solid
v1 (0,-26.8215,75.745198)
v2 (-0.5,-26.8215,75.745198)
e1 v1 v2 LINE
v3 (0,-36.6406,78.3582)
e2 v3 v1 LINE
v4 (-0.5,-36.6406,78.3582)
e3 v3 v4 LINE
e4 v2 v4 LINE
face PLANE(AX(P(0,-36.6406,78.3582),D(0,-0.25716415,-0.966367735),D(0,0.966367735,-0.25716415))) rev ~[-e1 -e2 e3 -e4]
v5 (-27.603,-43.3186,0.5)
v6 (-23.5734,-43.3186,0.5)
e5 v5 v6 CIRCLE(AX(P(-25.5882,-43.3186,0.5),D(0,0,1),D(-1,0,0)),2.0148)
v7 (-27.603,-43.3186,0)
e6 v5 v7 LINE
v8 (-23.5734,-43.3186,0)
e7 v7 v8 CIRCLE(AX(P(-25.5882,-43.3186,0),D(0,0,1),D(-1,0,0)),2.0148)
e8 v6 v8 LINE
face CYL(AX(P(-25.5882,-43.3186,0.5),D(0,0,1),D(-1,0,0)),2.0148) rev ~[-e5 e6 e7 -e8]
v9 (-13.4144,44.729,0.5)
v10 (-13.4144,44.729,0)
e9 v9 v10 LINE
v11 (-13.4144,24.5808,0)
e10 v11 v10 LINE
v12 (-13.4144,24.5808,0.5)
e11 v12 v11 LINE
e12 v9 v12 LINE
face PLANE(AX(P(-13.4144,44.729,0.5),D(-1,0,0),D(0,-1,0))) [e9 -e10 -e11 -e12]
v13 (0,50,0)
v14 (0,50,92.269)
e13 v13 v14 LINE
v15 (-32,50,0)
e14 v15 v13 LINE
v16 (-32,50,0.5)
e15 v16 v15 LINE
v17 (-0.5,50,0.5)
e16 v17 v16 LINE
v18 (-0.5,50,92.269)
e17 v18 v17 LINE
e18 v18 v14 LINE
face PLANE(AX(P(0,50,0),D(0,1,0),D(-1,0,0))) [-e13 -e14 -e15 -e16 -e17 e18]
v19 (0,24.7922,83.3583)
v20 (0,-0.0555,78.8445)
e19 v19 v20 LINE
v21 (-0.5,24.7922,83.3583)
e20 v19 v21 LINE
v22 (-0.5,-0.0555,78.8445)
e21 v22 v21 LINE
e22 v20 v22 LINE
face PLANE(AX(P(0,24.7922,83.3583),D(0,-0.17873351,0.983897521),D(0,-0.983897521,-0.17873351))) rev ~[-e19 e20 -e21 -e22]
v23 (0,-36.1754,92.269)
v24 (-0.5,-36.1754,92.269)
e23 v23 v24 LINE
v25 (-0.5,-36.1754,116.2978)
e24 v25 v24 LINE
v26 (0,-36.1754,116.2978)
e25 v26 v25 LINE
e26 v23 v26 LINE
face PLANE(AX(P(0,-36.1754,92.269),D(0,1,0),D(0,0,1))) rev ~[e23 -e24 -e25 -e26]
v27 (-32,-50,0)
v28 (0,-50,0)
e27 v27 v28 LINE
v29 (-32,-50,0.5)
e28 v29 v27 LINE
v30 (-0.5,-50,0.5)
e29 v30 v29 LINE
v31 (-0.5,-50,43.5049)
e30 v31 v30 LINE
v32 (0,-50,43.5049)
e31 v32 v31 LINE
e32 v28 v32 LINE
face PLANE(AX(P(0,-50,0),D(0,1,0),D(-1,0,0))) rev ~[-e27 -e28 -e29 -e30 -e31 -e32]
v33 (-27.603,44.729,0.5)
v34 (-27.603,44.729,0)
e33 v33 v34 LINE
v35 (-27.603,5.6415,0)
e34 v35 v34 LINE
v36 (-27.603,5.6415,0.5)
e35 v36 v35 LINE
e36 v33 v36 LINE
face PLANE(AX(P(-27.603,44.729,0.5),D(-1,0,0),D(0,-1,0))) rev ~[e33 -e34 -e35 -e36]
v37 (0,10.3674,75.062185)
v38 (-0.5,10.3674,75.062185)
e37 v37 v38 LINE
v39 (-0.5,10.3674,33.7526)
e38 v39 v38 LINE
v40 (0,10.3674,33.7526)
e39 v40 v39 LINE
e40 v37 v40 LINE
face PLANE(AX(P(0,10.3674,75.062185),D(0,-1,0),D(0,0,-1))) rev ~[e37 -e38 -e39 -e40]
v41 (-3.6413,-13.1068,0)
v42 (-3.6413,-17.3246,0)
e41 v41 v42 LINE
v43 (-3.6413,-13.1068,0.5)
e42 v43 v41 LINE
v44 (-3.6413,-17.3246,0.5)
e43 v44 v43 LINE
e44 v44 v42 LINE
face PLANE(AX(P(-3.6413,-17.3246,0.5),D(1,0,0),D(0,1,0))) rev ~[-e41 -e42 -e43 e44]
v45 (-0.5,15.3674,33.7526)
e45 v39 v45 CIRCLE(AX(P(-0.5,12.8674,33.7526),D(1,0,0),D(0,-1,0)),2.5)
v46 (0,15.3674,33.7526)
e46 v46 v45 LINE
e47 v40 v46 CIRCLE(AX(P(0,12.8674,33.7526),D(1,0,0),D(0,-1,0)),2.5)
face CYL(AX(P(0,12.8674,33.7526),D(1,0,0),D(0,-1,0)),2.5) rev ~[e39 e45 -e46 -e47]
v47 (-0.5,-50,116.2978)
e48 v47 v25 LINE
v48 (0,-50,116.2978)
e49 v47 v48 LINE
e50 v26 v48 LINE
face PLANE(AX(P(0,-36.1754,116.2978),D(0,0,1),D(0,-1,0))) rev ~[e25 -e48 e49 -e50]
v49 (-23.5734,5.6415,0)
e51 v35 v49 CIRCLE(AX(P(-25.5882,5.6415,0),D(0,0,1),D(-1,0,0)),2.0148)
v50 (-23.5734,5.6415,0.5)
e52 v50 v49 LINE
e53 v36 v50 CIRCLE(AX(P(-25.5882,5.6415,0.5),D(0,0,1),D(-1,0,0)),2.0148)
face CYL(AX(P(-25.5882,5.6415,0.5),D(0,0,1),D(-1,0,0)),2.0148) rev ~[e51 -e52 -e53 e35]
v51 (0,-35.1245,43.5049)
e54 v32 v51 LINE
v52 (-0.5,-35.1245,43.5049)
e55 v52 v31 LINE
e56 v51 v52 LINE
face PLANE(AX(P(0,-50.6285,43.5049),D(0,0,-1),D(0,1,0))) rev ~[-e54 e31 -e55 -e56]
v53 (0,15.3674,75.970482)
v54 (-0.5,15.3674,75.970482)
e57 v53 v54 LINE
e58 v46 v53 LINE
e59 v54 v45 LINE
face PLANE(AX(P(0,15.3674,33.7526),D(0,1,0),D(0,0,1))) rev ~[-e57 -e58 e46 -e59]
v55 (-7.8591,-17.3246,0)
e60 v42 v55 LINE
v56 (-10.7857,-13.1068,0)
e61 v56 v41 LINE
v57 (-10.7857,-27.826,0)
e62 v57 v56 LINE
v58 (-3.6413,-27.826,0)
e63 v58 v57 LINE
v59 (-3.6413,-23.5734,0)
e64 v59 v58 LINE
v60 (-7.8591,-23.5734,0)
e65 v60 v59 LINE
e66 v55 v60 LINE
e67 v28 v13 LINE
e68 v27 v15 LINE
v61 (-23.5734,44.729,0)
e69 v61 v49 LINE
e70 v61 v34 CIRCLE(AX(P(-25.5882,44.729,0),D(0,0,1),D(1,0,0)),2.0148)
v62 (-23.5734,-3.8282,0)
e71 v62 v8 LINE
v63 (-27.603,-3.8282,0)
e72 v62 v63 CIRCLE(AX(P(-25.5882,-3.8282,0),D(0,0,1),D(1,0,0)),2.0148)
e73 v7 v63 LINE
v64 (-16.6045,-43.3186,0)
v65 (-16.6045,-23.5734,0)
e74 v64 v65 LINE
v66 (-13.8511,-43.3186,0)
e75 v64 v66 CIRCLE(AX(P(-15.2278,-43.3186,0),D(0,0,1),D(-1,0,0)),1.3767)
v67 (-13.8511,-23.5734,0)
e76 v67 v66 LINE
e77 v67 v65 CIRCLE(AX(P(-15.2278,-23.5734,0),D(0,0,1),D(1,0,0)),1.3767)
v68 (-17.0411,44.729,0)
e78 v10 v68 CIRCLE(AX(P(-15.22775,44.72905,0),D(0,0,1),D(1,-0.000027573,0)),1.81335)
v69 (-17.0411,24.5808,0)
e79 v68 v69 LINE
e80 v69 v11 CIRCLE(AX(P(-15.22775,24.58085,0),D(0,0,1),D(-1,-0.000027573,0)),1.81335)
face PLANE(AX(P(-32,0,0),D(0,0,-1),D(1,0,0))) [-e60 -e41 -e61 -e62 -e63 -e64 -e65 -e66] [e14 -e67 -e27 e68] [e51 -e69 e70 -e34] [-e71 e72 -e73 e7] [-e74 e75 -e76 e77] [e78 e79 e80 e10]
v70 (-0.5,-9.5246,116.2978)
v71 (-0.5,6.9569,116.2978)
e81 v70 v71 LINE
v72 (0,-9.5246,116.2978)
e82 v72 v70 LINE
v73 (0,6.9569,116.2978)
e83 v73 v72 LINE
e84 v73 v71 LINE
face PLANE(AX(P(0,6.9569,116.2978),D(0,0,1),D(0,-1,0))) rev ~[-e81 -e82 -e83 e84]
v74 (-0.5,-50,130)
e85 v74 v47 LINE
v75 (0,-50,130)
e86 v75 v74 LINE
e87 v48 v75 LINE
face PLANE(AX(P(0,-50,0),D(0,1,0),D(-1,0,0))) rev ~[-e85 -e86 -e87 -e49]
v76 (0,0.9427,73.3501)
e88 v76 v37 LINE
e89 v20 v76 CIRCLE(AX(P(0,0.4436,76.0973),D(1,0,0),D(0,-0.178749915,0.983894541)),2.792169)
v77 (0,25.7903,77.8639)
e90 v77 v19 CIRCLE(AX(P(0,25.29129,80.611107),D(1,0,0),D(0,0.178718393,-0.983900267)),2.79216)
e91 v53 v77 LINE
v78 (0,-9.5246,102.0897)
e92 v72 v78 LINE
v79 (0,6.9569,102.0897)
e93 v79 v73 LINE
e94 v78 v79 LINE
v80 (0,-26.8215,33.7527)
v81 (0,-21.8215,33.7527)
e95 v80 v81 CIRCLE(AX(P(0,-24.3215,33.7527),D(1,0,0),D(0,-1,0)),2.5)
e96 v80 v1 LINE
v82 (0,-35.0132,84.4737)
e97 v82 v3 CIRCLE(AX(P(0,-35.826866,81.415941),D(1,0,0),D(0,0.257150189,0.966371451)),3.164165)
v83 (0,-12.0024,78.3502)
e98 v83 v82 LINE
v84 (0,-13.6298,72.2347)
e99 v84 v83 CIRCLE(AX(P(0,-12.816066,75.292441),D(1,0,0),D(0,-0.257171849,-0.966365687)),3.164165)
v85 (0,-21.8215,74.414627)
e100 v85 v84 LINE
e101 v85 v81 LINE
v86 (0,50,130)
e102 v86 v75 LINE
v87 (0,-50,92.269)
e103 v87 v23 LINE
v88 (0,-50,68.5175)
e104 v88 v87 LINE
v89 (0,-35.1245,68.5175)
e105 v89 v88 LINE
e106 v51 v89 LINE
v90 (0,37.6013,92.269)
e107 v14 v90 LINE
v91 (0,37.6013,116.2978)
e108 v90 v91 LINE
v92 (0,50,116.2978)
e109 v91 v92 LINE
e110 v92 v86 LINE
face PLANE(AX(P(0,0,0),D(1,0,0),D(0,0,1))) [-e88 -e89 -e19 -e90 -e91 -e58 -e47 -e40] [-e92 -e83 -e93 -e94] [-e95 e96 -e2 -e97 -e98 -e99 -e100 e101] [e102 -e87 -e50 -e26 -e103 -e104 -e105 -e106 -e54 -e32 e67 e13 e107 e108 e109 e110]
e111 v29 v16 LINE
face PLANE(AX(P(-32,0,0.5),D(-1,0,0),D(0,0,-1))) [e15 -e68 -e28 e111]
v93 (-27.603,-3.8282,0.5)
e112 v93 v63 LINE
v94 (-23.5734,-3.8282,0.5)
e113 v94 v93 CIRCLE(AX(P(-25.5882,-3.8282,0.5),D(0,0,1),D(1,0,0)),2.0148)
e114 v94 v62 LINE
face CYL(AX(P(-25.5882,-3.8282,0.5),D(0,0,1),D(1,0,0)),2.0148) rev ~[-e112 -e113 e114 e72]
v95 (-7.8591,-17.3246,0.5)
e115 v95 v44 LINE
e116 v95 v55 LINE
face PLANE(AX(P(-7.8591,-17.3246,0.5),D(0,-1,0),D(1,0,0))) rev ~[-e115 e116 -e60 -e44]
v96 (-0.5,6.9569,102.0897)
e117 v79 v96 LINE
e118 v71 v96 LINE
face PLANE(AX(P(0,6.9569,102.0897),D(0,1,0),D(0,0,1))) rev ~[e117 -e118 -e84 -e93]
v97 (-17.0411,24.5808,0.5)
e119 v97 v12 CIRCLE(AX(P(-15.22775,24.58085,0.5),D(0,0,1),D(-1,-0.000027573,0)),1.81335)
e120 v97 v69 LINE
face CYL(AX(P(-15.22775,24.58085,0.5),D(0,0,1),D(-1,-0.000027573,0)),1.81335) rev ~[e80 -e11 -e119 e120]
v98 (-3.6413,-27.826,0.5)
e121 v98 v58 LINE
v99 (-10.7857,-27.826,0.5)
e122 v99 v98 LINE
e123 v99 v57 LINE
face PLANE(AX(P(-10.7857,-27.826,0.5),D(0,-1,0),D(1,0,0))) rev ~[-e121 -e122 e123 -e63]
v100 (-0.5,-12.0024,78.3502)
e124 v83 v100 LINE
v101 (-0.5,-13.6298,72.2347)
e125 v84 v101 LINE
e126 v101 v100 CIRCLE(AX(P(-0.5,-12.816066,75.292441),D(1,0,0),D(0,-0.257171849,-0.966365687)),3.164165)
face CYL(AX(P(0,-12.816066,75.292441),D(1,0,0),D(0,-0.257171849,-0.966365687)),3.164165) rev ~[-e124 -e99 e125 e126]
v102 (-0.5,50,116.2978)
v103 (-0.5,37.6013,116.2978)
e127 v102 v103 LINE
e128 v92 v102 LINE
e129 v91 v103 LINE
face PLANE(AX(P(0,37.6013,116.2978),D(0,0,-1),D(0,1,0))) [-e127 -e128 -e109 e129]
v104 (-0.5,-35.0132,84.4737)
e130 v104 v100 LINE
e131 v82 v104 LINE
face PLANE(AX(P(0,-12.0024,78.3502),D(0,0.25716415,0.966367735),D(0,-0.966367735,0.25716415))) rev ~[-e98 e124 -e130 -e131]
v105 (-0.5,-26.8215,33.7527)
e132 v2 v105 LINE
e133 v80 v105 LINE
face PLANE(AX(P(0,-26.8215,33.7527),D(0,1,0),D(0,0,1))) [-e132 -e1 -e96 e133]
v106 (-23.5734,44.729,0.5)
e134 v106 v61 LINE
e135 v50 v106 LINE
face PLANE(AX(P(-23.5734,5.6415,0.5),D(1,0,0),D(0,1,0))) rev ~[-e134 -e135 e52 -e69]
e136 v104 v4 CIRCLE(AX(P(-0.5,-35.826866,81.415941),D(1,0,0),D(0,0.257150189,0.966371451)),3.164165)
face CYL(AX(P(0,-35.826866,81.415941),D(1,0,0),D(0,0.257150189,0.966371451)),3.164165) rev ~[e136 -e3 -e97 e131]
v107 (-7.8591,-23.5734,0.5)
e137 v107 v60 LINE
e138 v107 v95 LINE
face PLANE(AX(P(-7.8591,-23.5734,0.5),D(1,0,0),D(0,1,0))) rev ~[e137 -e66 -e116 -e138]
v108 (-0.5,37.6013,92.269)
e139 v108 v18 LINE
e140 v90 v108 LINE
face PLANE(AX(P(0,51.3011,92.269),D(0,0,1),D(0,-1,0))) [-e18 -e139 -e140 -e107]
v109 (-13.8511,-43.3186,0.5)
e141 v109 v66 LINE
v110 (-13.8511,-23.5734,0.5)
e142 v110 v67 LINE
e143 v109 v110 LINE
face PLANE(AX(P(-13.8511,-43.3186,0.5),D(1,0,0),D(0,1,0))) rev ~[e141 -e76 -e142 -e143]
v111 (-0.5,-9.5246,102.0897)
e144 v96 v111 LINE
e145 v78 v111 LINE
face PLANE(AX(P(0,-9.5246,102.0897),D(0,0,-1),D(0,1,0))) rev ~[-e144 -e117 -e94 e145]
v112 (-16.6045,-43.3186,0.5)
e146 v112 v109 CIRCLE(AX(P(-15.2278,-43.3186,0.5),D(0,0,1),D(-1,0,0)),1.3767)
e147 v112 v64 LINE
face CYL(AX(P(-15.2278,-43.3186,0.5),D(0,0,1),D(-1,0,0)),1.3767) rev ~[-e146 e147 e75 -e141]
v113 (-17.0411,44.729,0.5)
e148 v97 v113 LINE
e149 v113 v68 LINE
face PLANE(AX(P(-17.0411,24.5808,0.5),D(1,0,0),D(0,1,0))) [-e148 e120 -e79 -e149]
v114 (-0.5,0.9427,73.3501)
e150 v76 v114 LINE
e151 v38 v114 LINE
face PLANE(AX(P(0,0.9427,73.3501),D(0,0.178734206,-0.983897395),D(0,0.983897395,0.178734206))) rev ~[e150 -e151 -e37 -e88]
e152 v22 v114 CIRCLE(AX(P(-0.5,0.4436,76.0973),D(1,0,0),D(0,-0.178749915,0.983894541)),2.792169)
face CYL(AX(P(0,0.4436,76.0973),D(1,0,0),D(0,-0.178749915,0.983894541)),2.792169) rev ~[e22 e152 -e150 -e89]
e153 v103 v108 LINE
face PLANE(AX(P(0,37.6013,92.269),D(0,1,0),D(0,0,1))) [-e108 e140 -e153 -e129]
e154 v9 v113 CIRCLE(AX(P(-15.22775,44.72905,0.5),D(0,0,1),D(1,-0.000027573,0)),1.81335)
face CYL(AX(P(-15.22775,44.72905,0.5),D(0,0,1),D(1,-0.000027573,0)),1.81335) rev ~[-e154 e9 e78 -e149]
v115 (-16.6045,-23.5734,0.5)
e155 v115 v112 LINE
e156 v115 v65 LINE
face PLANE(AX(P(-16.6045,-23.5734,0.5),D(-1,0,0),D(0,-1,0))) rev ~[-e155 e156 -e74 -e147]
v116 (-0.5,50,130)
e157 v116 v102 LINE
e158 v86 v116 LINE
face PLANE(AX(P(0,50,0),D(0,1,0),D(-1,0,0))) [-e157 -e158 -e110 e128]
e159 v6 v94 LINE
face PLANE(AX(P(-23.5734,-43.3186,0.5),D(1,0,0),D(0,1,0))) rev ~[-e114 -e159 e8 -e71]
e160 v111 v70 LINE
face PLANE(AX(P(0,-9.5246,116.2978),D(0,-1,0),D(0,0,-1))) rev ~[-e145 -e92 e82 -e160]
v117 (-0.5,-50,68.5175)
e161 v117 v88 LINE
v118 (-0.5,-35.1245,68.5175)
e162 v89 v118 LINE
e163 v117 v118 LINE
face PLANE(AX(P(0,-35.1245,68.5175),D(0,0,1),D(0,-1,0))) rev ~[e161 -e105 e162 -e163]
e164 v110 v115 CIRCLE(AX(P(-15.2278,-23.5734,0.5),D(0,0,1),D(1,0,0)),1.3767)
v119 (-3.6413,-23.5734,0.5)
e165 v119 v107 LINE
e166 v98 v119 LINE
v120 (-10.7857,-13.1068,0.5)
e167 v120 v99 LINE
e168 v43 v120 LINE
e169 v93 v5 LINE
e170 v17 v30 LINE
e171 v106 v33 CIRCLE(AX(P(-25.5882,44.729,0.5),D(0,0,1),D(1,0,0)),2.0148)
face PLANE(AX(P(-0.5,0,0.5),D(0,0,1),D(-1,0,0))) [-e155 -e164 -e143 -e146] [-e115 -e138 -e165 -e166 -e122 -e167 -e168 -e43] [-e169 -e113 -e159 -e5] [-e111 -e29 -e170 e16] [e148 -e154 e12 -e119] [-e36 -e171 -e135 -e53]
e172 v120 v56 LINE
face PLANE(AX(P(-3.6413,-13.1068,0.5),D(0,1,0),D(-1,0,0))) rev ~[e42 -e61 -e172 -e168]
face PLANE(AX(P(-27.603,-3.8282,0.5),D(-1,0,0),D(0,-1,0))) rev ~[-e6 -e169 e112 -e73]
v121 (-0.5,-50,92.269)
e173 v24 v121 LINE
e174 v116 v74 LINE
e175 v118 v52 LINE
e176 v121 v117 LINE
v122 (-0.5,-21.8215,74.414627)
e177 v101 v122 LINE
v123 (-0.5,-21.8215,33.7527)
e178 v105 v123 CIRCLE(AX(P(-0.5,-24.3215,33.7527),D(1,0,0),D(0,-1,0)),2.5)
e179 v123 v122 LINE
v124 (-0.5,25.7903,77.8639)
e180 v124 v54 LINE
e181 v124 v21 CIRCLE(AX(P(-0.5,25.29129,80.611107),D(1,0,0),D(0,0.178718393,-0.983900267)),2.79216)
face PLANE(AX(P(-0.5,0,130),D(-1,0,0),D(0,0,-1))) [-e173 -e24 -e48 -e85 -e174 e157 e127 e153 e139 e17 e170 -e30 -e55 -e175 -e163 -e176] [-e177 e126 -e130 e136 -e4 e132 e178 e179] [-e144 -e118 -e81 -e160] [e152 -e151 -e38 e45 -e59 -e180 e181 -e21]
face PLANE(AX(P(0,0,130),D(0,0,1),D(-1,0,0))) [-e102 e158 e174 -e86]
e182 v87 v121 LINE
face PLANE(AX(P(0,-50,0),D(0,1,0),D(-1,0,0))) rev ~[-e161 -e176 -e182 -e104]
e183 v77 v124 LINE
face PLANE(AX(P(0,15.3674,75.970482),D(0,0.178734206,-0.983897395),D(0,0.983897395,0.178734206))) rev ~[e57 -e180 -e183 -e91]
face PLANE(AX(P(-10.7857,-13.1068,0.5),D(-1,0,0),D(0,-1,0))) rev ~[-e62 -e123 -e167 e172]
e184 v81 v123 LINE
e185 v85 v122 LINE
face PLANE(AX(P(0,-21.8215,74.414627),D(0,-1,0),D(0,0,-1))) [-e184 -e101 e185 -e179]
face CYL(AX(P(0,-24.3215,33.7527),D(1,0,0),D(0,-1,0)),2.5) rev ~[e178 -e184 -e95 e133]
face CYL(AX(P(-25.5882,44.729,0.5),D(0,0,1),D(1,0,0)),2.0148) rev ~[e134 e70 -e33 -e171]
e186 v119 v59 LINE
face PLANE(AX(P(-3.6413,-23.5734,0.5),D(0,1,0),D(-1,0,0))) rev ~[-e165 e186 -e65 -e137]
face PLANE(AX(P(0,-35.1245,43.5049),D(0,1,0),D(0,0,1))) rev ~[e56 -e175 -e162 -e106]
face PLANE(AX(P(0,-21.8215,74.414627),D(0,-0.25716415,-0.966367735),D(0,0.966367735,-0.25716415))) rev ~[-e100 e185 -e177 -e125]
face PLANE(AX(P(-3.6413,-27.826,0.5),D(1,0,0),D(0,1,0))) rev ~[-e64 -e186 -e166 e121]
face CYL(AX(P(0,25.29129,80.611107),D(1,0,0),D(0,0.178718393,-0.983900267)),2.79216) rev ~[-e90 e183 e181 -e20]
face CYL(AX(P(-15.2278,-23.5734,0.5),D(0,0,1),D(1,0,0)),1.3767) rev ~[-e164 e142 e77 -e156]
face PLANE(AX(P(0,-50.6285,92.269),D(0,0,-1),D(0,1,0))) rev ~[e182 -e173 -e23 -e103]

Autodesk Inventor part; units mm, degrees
ref_plane "YZ Plane" through (0, 0, 0) normal (1, 0, 0) x (0, 1, 0)
ref_plane "XZ Plane" through (0, 0, 0) normal (0, 1, 0) x (-1, 0, 0)
ref_plane "XY Plane" through (0, 0, 0) normal (0, 0, 1) x (1, 0, 0)
sketch "Sketch1" plane through (0, 0, 0) normal (0, 1, 0) x (-1, 0, 0)
  line L0 (0, 0) -> (0, 130)
  line L1 (0, 130) -> (0.5, 130)
  line L2 (0.5, 130) -> (0.5, 0.5)
  line L3 (0.5, 0.5) -> (32, 0.5)
  line L4 (32, 0.5) -> (32, 0)
  line L5 (32, 0) -> (0, 0)
  dimension "d0" = 0.5
  dimension "d1" = 130
  dimension "d2" = 32
extrude "Extrusion1" add sketch "Sketch1" along normal mid plane 100
sketch "Sketch2" plane through (0, -50, 0) normal (1, 0, 0) x (0, 0, -1)
  line L0 (-116.2978, 40.4754) -> (-102.0897, 40.4754)
  line L1 (-102.0897, 40.4754) -> (-102.0897, 56.9569)
  line L2 (-102.0897, 56.9569) -> (-116.2978, 56.9569)
  line L3 (-116.2978, 56.9569) -> (-116.2978, 40.4754)
  line L4 (-116.2978, -0.6285) -> (-92.269, -0.6285)
  line L5 (-92.269, -0.6285) -> (-92.269, 13.8246)
  line L6 (-92.269, 13.8246) -> (-116.2978, 13.8246)
  line L7 (-116.2978, 13.8246) -> (-116.2978, -0.6285)
  line L8 (-68.5175, -0.6285) -> (-43.5049, -0.6285)
  line L9 (-43.5049, -0.6285) -> (-43.5049, 14.8755)
  line L10 (-43.5049, 14.8755) -> (-68.5175, 14.8755)
  line L11 (-68.5175, 14.8755) -> (-68.5175, -0.6285)
  line L12 (-116.2978, 101.3011) -> (-92.269, 101.3011)
  line L13 (-92.269, 101.3011) -> (-92.269, 87.6013)
  line L14 (-92.269, 87.6013) -> (-116.2978, 87.6013)
  line L15 (-116.2978, 87.6013) -> (-116.2978, 101.3011)
  line L16 (-33.7527, 25.6785) -> (-78.3542, 25.6785) construction
  line L17 (-33.7527, 23.1785) -> (-78.3542, 23.1785)
  line L18 (-78.3542, 28.1785) -> (-33.7527, 28.1785)
  arc A0 (-33.7527, 23.1785) -> (-33.7527, 28.1785) centre (-33.7527, 25.6785) ccw
  arc A1 (-78.3542, 28.1785) -> (-78.3542, 23.1785) centre (-78.3542, 25.6785) ccw
  line L19 (-33.7526, 62.8674) -> (-78.3542, 62.8674) construction
  line L20 (-33.7526, 65.3674) -> (-78.3542, 65.3674)
  line L21 (-78.3542, 60.3674) -> (-33.7526, 60.3674)
  arc A2 (-33.7526, 60.3674) -> (-33.7526, 65.3674) centre (-33.7526, 62.8674) ccw
  arc A3 (-78.3542, 65.3674) -> (-78.3542, 60.3674) centre (-78.3542, 62.8674) ccw
  line L22 (-76.0973, 50.4436) -> (-80.6111, 75.2913) construction
  line L23 (-73.3501, 50.9427) -> (-77.8639, 75.7903)
  line L24 (-83.3583, 74.7922) -> (-78.8445, 49.9445)
  arc A4 (-78.8445, 49.9445) -> (-73.3501, 50.9427) centre (-76.0973, 50.4436) ccw
  arc A5 (-77.8639, 75.7903) -> (-83.3583, 74.7922) centre (-80.6111, 75.2913) ccw
  line L25 (-75.2925, 37.1839) -> (-81.416, 14.1731) construction
  line L26 (-78.3502, 37.9976) -> (-84.4737, 14.9868)
  line L27 (-78.3582, 13.3594) -> (-72.2347, 36.3702)
  arc A6 (-72.2347, 36.3702) -> (-78.3502, 37.9976) centre (-75.2925, 37.1839) ccw
  arc A7 (-84.4737, 14.9868) -> (-78.3582, 13.3594) centre (-81.416, 14.1731) ccw
  point P0 (0, 50)
  point P1 (-56.0534, 25.6785)
  point P2 (-56.0534, 62.8674)
  dimension "d16" = 2.5
extrude "Extrusion2" cut sketch "Sketch2" against normal blind 100
sketch "Sketch5" plane through (-32, 50, 0.5) normal (0, 0, 1) x (1, 0, 0)
  line L0 (6.4118, -5.271) -> (6.4118, -44.3585) construction
  line L1 (4.397, -5.271) -> (4.397, -44.3585)
  line L2 (8.4266, -44.3585) -> (8.4266, -5.271)
  arc A0 (8.4266, -5.271) -> (4.397, -5.271) centre (6.4118, -5.271) ccw
  arc A1 (4.397, -44.3585) -> (8.4266, -44.3585) centre (6.4118, -44.3585) ccw
  line L3 (6.4118, -53.8282) -> (6.4118, -93.3186) construction
  line L4 (4.397, -53.8282) -> (4.397, -93.3186)
  line L5 (8.4266, -93.3186) -> (8.4266, -53.8282)
  arc A2 (8.4266, -53.8282) -> (4.397, -53.8282) centre (6.4118, -53.8282) ccw
  arc A3 (4.397, -93.3186) -> (8.4266, -93.3186) centre (6.4118, -93.3186) ccw
  line L6 (16.7722, -25.4192) -> (16.7722, -5.271) construction
  line L7 (14.9589, -25.4192) -> (14.9589, -5.271)
  line L8 (18.5856, -5.271) -> (18.5856, -25.4192)
  arc A4 (14.9589, -25.4192) -> (18.5856, -25.4192) centre (16.7722, -25.4192) ccw
  arc A5 (18.5856, -5.271) -> (14.9589, -5.271) centre (16.7722, -5.271) ccw
  line L9 (16.7722, -73.5734) -> (16.7722, -93.3186) construction
  line L10 (15.3955, -73.5734) -> (15.3955, -93.3186)
  line L11 (18.1489, -93.3186) -> (18.1489, -73.5734)
  arc A6 (18.1489, -73.5734) -> (15.3955, -73.5734) centre (16.7722, -73.5734) ccw
  arc A7 (15.3955, -93.3186) -> (18.1489, -93.3186) centre (16.7722, -93.3186) ccw
  line L12 (28.3587, -63.1068) -> (21.2143, -63.1068)
  line L13 (21.2143, -63.1068) -> (21.2143, -77.826)
  line L14 (21.2143, -77.826) -> (28.3587, -77.826)
  line L15 (28.3587, -77.826) -> (28.3587, -73.5734)
  line L16 (28.3587, -73.5734) -> (24.1409, -73.5734)
  line L17 (24.1409, -73.5734) -> (24.1409, -67.3246)
  line L18 (24.1409, -67.3246) -> (28.3587, -67.3246)
  line L19 (28.3587, -67.3246) -> (28.3587, -63.1068)
  point P0 (32, -50)
  point P1 (6.4118, -24.8148)
  point P2 (6.4118, -73.5734)
  point P3 (16.7722, -15.3451)
  point P4 (16.7722, -83.446)
extrude "Extrusion5" cut sketch "Sketch5" against normal blind 10
properties part number "Platina lateral interna 2" material "Steel"
